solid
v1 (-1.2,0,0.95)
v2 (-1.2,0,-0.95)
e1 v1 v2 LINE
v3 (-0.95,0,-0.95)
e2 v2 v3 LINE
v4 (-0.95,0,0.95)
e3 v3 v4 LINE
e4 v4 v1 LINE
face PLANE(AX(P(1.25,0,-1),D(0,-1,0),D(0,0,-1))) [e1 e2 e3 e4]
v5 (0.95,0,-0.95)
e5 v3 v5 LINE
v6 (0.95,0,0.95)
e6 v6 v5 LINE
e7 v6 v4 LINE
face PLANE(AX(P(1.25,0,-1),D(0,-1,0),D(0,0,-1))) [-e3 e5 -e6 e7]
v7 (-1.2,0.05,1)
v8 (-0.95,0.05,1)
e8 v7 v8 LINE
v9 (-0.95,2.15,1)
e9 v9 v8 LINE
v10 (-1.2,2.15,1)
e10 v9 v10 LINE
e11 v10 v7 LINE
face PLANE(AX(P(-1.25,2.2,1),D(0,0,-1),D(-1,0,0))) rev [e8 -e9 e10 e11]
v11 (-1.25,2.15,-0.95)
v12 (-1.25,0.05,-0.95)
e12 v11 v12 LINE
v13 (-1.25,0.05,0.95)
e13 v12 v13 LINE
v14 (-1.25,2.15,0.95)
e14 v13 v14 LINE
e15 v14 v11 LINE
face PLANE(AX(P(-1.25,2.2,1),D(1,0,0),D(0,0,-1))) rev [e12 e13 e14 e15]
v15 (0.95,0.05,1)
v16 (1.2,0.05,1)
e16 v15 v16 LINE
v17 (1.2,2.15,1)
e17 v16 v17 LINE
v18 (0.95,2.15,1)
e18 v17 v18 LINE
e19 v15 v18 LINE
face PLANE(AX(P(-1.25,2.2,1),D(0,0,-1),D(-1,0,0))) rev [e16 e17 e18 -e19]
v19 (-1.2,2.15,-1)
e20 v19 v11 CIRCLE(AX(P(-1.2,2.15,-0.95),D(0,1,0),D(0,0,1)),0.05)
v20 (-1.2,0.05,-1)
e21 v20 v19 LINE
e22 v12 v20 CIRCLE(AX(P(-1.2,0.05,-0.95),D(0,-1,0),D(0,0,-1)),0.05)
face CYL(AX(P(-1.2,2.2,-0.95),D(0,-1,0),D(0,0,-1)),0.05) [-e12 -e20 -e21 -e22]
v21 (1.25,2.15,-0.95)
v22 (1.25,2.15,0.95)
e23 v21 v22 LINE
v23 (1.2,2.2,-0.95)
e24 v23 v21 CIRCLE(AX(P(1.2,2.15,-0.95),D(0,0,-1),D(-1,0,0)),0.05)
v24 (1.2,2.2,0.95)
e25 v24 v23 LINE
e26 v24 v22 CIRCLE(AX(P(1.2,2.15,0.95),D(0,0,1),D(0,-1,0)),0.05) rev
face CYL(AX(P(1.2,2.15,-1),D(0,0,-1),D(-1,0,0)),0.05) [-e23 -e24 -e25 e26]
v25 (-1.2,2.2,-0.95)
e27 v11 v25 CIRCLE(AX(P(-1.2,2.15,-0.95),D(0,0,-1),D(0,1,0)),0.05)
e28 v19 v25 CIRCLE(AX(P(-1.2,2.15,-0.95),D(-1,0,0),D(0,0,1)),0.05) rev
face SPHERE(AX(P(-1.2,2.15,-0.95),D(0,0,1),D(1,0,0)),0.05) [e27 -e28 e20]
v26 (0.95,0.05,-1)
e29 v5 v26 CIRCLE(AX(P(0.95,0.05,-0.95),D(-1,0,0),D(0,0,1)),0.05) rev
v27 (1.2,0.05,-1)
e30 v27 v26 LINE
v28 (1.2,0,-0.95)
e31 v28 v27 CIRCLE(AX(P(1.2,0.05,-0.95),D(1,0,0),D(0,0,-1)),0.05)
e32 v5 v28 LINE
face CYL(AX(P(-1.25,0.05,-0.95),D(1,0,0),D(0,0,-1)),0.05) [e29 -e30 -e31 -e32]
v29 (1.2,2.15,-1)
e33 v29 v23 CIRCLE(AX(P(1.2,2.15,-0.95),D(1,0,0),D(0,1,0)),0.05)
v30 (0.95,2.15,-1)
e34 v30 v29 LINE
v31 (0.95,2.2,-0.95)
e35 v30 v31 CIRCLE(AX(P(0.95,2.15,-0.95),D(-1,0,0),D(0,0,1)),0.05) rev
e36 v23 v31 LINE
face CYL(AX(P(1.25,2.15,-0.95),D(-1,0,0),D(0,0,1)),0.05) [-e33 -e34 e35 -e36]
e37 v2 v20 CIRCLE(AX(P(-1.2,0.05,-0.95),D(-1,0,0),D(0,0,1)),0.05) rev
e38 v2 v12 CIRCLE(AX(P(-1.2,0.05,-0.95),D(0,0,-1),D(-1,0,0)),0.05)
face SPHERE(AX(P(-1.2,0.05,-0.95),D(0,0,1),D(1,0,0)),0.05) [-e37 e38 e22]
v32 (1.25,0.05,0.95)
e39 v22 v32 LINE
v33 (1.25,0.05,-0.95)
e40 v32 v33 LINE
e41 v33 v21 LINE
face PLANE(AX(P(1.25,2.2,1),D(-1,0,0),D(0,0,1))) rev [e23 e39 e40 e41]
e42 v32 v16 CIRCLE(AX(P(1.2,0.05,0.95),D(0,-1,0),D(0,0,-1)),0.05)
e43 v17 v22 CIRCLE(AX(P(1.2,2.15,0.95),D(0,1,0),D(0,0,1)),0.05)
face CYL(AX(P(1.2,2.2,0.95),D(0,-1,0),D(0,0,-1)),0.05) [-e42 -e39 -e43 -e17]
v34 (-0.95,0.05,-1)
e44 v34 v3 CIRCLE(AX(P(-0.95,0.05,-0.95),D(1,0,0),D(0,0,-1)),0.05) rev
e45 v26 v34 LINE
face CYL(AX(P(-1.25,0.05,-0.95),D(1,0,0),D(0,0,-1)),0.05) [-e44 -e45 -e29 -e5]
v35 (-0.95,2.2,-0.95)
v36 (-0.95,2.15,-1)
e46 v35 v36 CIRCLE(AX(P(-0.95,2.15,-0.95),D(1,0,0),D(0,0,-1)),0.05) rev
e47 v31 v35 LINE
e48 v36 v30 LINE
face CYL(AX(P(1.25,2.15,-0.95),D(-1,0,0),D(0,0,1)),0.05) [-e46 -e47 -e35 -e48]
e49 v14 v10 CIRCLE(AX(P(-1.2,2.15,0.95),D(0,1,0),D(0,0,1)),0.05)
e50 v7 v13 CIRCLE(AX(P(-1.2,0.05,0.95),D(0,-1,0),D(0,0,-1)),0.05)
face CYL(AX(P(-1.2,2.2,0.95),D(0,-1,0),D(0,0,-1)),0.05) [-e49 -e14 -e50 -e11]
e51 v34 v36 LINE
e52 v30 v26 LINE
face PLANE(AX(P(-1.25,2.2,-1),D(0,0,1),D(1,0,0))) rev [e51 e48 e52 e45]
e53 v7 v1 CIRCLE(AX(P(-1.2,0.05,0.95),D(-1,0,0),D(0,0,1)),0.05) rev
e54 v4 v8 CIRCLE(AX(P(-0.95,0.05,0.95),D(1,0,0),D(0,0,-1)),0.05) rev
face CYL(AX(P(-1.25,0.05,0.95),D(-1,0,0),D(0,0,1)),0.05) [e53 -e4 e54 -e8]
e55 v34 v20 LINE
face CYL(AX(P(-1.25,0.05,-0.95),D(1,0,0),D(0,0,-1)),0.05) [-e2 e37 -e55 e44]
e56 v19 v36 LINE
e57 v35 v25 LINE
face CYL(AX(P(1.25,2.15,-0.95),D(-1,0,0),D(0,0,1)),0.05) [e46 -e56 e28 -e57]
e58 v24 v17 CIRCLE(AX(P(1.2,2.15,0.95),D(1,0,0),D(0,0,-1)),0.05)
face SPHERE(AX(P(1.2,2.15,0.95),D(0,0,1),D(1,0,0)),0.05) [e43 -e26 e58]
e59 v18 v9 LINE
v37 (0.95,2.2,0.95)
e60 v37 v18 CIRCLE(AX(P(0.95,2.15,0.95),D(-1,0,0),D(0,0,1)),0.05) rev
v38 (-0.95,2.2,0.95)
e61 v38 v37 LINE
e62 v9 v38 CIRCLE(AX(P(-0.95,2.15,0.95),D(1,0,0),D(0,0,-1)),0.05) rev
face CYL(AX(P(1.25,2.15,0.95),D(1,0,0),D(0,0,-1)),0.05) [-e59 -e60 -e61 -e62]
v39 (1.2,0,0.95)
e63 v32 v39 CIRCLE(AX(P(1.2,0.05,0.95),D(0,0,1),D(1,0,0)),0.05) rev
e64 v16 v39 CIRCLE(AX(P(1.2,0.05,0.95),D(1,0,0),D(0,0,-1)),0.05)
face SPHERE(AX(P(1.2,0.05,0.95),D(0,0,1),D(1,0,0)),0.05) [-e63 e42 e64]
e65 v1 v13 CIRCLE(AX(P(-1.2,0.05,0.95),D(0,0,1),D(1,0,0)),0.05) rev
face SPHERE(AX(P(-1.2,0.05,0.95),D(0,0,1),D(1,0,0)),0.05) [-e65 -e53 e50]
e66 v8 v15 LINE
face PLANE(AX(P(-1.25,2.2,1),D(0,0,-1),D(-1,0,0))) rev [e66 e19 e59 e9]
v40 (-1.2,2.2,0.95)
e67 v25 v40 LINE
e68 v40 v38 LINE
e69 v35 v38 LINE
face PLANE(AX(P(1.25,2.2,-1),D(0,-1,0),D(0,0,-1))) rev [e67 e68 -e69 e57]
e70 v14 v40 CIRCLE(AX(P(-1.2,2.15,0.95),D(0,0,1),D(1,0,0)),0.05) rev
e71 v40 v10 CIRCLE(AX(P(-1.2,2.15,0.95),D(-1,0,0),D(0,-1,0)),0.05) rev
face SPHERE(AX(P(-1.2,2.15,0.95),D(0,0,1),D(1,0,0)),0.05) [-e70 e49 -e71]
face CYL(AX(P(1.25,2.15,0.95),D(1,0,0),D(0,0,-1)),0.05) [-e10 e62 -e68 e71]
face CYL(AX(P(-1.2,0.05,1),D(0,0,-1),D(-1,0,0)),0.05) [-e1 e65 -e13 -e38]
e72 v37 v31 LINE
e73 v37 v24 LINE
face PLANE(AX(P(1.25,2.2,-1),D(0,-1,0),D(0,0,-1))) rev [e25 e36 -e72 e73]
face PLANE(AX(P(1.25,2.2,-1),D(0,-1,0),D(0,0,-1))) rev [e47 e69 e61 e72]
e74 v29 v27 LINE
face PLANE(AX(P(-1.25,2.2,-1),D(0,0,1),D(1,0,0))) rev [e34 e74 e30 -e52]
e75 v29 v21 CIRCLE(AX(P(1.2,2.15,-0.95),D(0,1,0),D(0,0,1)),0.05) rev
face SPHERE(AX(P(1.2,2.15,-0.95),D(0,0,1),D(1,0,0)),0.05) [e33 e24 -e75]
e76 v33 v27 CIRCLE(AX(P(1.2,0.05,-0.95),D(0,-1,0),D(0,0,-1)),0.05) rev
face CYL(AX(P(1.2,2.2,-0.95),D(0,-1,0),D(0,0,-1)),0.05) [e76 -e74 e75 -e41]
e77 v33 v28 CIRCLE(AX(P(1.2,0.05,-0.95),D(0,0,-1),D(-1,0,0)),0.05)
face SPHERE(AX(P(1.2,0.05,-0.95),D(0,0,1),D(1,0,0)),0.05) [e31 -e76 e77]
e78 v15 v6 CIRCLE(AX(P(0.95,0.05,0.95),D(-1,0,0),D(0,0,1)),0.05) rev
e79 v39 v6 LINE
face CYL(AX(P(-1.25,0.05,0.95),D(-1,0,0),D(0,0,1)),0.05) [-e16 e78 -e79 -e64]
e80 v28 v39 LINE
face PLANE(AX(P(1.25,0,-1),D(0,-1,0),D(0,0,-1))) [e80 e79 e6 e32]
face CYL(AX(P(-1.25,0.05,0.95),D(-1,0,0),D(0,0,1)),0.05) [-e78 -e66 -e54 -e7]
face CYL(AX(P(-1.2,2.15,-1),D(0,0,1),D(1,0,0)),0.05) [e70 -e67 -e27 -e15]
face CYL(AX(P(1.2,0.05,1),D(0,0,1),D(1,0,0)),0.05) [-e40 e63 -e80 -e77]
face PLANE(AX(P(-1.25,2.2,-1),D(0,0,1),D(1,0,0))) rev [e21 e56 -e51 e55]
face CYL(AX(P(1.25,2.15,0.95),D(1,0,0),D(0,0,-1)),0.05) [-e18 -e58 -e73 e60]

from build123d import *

# Parameters (mm, degrees)
SKETCH1_W      = 2.5
SKETCH1_H      = 2
EXTRUDE1_DEPTH = 2.2
FILLET1_R      = 0.05


with BuildPart() as part:
    # Sketch1 → Extrude1 (new body)
    with BuildSketch(Plane(origin=(0, 0, 0), x_dir=(1, 0, 0), z_dir=(0, 1, 0))):
        Rectangle(SKETCH1_W, SKETCH1_H)
    extrude(amount=EXTRUDE1_DEPTH)

    # Fillet1
    fillet1_edges = [part.edges().sort_by_distance(p)[0] for p in [
        (-1.25, 2.2, 0),
        (0, 2.2, 1),
        (1.25, 2.2, 0),
        (0, 0, 1),
        (-1.25, 0, 0),
        (0, 0, -1),
        (1.25, 0, 0),
        (0, 2.2, -1),
        (1.25, 1.1, 1),
        (-1.25, 1.1, 1),
        (-1.25, 1.1, -1),
        (1.25, 1.1, -1),
    ]]
    fillet(fillet1_edges, radius=FILLET1_R)


solid = part.part
